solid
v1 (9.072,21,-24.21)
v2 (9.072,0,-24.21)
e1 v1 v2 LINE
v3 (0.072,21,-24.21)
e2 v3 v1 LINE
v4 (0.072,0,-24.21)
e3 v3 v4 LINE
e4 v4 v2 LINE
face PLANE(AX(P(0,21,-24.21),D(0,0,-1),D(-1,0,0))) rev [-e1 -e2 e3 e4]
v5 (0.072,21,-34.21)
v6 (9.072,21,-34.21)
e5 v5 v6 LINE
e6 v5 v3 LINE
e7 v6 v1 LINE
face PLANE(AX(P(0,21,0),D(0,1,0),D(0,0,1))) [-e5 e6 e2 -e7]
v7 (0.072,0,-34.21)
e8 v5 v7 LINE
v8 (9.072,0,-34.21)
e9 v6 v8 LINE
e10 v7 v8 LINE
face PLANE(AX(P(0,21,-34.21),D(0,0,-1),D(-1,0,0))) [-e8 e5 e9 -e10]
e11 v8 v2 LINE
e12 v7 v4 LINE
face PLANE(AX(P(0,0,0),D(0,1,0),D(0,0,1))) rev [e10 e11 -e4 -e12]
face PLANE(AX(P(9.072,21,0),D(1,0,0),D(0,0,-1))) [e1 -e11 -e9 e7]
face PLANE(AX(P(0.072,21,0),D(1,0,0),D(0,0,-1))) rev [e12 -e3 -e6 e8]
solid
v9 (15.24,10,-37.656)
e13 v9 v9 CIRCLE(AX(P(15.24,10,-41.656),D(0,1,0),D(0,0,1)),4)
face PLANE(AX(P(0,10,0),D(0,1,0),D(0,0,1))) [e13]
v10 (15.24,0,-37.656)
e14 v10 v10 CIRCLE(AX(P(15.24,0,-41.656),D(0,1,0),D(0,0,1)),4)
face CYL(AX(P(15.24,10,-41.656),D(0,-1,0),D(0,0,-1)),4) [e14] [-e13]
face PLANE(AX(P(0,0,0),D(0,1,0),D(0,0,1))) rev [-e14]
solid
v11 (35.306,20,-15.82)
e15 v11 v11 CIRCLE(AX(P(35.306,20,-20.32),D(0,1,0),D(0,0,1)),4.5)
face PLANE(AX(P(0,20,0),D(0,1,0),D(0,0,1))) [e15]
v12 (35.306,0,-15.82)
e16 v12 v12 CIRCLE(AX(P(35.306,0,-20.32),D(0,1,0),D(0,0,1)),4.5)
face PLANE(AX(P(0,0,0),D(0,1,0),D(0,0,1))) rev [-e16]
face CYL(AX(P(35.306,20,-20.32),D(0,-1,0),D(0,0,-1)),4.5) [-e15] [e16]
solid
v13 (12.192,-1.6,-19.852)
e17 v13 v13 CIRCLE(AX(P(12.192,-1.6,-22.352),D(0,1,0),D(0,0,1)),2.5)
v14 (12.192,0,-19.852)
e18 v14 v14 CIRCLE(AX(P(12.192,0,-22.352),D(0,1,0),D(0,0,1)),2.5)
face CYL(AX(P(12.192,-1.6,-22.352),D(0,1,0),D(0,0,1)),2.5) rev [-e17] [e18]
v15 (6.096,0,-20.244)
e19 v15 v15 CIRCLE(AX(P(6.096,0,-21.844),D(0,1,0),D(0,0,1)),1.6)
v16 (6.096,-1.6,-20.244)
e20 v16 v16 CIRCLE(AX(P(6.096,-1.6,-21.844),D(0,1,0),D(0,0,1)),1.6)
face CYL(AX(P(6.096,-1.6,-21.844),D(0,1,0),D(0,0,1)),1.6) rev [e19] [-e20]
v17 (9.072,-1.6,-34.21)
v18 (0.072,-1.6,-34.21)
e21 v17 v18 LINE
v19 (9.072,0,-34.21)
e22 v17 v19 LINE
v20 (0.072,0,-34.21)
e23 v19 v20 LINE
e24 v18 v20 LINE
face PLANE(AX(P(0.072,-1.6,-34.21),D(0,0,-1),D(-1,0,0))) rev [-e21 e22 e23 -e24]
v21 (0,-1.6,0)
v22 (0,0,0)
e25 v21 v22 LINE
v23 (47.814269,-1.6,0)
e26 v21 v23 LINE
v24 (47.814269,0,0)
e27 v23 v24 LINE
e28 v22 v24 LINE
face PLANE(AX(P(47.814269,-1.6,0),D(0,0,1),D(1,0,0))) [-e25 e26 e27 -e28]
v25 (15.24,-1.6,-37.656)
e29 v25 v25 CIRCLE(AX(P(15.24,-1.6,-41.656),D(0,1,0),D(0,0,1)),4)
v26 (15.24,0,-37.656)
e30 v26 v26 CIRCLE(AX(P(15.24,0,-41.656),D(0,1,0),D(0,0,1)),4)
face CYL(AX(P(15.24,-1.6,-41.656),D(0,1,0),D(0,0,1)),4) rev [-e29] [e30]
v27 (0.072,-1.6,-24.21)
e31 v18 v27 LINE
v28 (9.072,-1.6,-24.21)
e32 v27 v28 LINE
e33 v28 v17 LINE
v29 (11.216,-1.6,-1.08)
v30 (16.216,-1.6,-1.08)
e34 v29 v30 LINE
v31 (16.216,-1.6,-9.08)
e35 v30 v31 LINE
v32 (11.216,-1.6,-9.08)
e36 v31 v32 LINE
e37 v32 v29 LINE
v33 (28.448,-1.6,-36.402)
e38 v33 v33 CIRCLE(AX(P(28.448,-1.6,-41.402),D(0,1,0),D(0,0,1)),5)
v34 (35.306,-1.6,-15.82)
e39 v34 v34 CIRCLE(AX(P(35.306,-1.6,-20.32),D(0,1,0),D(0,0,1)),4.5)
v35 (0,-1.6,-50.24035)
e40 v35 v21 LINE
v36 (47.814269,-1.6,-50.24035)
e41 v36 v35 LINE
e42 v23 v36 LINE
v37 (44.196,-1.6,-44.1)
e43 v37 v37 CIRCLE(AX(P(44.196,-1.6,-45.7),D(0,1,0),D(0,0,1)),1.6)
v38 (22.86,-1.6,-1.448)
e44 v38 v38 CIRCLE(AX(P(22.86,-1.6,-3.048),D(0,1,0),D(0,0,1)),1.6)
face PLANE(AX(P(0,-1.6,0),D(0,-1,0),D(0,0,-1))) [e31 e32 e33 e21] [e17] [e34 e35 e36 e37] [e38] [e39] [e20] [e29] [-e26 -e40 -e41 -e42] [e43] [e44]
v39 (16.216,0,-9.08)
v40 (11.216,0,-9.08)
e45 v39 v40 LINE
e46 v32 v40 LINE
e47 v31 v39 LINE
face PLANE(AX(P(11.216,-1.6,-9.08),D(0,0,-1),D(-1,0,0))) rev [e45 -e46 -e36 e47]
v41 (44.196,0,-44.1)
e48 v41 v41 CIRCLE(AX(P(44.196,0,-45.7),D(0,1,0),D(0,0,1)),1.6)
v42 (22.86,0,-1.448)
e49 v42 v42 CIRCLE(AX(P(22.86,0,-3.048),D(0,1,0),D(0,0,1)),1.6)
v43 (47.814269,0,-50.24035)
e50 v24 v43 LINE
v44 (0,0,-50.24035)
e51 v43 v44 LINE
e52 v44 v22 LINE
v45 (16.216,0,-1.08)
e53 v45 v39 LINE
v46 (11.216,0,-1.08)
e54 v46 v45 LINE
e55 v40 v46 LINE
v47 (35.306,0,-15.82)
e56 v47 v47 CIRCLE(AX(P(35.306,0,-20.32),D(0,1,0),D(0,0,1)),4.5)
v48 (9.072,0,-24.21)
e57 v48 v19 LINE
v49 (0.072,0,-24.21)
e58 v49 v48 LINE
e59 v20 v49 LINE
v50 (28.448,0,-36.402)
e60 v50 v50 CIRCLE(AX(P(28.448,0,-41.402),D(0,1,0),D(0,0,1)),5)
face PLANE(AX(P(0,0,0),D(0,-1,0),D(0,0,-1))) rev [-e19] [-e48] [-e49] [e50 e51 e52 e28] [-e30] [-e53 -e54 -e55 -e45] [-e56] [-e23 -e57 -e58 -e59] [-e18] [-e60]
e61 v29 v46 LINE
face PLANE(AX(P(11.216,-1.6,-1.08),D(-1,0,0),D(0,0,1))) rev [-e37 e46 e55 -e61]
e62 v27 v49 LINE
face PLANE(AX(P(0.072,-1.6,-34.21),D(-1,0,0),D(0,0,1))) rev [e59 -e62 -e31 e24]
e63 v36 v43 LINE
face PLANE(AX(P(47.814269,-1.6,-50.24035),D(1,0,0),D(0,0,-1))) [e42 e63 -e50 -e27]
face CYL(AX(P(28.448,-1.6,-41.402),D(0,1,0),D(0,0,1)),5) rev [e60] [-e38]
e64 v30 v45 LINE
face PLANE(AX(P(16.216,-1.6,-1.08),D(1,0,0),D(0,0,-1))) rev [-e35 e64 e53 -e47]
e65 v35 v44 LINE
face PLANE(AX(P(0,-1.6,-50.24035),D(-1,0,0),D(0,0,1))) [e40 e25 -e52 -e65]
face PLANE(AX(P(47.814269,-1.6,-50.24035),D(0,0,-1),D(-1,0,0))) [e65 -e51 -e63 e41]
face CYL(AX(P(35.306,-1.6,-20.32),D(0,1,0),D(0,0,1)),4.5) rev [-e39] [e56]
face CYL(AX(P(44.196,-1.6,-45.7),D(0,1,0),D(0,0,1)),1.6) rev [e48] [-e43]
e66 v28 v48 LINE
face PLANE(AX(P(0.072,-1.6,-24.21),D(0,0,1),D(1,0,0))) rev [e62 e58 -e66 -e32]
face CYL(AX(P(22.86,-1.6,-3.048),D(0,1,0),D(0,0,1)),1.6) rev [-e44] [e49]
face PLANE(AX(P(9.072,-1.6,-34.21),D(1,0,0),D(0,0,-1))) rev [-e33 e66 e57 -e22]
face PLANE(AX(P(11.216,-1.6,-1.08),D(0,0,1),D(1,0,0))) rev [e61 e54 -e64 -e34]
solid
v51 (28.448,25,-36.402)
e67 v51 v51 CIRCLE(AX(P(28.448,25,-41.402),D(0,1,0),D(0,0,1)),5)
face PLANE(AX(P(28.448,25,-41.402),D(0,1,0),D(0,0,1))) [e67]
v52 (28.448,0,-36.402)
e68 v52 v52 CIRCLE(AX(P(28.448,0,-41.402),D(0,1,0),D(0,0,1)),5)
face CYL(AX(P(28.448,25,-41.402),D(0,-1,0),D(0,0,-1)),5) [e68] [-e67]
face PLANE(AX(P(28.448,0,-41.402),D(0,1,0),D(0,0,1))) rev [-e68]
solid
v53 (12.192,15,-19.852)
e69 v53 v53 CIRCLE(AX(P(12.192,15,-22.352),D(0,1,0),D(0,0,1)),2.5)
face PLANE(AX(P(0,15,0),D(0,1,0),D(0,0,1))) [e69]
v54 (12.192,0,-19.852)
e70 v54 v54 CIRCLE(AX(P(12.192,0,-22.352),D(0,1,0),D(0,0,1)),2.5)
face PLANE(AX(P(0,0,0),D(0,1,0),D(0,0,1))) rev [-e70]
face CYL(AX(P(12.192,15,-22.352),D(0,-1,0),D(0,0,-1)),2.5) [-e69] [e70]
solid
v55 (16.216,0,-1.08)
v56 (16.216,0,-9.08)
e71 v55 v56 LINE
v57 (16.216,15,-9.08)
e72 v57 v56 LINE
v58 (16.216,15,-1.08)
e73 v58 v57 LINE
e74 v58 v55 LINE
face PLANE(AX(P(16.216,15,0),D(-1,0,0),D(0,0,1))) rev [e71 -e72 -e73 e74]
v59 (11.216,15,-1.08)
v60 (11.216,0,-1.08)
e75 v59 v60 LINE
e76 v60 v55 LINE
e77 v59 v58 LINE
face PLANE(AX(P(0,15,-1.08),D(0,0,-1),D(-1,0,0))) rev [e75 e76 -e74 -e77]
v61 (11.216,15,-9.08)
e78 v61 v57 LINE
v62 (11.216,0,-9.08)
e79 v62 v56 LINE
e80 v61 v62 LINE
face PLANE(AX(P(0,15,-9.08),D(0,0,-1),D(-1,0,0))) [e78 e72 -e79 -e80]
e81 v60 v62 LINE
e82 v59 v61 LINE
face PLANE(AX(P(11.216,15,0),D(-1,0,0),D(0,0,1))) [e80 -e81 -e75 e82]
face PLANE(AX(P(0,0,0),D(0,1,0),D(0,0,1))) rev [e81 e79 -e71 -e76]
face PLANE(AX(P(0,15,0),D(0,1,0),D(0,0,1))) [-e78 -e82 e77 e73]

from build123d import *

# Parameters (mm, degrees)
SKETCH1_R           = 5
BOSS_EXTRUDE3_DEPTH = 25
SKETCH1_7_W         = 9
SKETCH1_7_H         = 10
BOSS_EXTRUDE4_DEPTH = 21
SKETCH1_8_R         = 4.5
BOSS_EXTRUDE5_DEPTH = 20
SKETCH1_9_W         = 5
SKETCH1_9_H         = 8
BOSS_EXTRUDE6_DEPTH = 15
SKETCH1_10_R        = 2.5
BOSS_EXTRUDE7_DEPTH = 15
SKETCH1_11_W        = 47.81426875
SKETCH1_11_H        = 50.24035
SKETCH1_11_R        = 5
SKETCH1_11_R_2      = 4.5
SKETCH1_11_R_3      = 2.5
SKETCH1_11_R_4      = 4
SKETCH1_11_R_5      = 1.6
SKETCH1_11_W_2      = 9
SKETCH1_11_H_2      = 10
SKETCH1_11_W_3      = 5
SKETCH1_11_H_3      = 8
BOSS_EXTRUDE8_DEPTH = 1.6
SKETCH1_12_R        = 4
BOSS_EXTRUDE9_DEPTH = 10


with BuildPart() as part:
    # Sketch1 → Boss-Extrude3 (new body)
    with BuildSketch(Plane(origin=(0, 0, 0), x_dir=(1, 0, 0), z_dir=(0, 1, 0))):
        with Locations((28.448, 41.402)):
            Circle(SKETCH1_R)
    extrude(amount=BOSS_EXTRUDE3_DEPTH)


with BuildPart() as body_2:
    # Sketch1<7> → Boss-Extrude4 (new body)
    with BuildSketch(Plane(origin=(0, 0, 0), x_dir=(1, 0, 0), z_dir=(0, 1, 0))):
        with Locations((4.572, 29.21)):
            Rectangle(SKETCH1_7_W, SKETCH1_7_H)
    extrude(amount=BOSS_EXTRUDE4_DEPTH)


with BuildPart() as body_3:
    # Sketch1<8> → Boss-Extrude5 (new body)
    with BuildSketch(Plane(origin=(0, 0, 0), x_dir=(1, 0, 0), z_dir=(0, 1, 0))):
        with Locations((35.306, 20.32)):
            Circle(SKETCH1_8_R)
    extrude(amount=BOSS_EXTRUDE5_DEPTH)


with BuildPart() as body_4:
    # Sketch1<9> → Boss-Extrude6 (new body)
    with BuildSketch(Plane(origin=(0, 0, 0), x_dir=(1, 0, 0), z_dir=(0, 1, 0))):
        with Locations((13.716, 5.08)):
            Rectangle(SKETCH1_9_W, SKETCH1_9_H)
    extrude(amount=BOSS_EXTRUDE6_DEPTH)


with BuildPart() as body_5:
    # Sketch1<10> → Boss-Extrude7 (new body)
    with BuildSketch(Plane(origin=(0, 0, 0), x_dir=(1, 0, 0), z_dir=(0, 1, 0))):
        with Locations((12.192, 22.352)):
            Circle(SKETCH1_10_R)
    extrude(amount=BOSS_EXTRUDE7_DEPTH)


with BuildPart() as body_6:
    # Sketch1<11> → Boss-Extrude8 (new body)
    with BuildSketch(Plane(origin=(0, 0, 0), x_dir=(1, 0, 0), z_dir=(0, 1, 0))):
        with Locations((23.907134375, 25.120175)):
            Rectangle(SKETCH1_11_W, SKETCH1_11_H)
        with Locations((28.448, 41.402)):
            Circle(SKETCH1_11_R, mode=Mode.SUBTRACT)
        with Locations((35.306, 20.32)):
            Circle(SKETCH1_11_R_2, mode=Mode.SUBTRACT)
        with Locations((12.192, 22.352)):
            Circle(SKETCH1_11_R_3, mode=Mode.SUBTRACT)
        with Locations((15.24, 41.656)):
            Circle(SKETCH1_11_R_4, mode=Mode.SUBTRACT)
        with Locations((6.096, 21.844)):
            Circle(SKETCH1_11_R_5, mode=Mode.SUBTRACT)
        with Locations((44.196, 45.7)):
            Circle(SKETCH1_11_R_5, mode=Mode.SUBTRACT)
        with Locations((22.86, 3.048)):
            Circle(SKETCH1_11_R_5, mode=Mode.SUBTRACT)
        with Locations((4.572, 29.21)):
            Rectangle(SKETCH1_11_W_2, SKETCH1_11_H_2, mode=Mode.SUBTRACT)
        with Locations((13.716, 5.08)):
            Rectangle(SKETCH1_11_W_3, SKETCH1_11_H_3, mode=Mode.SUBTRACT)
    extrude(amount=-BOSS_EXTRUDE8_DEPTH)


with BuildPart() as body_7:
    # Sketch1<12> → Boss-Extrude9 (new body)
    with BuildSketch(Plane(origin=(0, 0, 0), x_dir=(1, 0, 0), z_dir=(0, 1, 0))):
        with Locations((15.24, 41.656)):
            Circle(SKETCH1_12_R)
    extrude(amount=BOSS_EXTRUDE9_DEPTH)


solid = Compound([part.part, body_2.part, body_3.part, body_4.part, body_5.part, body_6.part, body_7.part])
